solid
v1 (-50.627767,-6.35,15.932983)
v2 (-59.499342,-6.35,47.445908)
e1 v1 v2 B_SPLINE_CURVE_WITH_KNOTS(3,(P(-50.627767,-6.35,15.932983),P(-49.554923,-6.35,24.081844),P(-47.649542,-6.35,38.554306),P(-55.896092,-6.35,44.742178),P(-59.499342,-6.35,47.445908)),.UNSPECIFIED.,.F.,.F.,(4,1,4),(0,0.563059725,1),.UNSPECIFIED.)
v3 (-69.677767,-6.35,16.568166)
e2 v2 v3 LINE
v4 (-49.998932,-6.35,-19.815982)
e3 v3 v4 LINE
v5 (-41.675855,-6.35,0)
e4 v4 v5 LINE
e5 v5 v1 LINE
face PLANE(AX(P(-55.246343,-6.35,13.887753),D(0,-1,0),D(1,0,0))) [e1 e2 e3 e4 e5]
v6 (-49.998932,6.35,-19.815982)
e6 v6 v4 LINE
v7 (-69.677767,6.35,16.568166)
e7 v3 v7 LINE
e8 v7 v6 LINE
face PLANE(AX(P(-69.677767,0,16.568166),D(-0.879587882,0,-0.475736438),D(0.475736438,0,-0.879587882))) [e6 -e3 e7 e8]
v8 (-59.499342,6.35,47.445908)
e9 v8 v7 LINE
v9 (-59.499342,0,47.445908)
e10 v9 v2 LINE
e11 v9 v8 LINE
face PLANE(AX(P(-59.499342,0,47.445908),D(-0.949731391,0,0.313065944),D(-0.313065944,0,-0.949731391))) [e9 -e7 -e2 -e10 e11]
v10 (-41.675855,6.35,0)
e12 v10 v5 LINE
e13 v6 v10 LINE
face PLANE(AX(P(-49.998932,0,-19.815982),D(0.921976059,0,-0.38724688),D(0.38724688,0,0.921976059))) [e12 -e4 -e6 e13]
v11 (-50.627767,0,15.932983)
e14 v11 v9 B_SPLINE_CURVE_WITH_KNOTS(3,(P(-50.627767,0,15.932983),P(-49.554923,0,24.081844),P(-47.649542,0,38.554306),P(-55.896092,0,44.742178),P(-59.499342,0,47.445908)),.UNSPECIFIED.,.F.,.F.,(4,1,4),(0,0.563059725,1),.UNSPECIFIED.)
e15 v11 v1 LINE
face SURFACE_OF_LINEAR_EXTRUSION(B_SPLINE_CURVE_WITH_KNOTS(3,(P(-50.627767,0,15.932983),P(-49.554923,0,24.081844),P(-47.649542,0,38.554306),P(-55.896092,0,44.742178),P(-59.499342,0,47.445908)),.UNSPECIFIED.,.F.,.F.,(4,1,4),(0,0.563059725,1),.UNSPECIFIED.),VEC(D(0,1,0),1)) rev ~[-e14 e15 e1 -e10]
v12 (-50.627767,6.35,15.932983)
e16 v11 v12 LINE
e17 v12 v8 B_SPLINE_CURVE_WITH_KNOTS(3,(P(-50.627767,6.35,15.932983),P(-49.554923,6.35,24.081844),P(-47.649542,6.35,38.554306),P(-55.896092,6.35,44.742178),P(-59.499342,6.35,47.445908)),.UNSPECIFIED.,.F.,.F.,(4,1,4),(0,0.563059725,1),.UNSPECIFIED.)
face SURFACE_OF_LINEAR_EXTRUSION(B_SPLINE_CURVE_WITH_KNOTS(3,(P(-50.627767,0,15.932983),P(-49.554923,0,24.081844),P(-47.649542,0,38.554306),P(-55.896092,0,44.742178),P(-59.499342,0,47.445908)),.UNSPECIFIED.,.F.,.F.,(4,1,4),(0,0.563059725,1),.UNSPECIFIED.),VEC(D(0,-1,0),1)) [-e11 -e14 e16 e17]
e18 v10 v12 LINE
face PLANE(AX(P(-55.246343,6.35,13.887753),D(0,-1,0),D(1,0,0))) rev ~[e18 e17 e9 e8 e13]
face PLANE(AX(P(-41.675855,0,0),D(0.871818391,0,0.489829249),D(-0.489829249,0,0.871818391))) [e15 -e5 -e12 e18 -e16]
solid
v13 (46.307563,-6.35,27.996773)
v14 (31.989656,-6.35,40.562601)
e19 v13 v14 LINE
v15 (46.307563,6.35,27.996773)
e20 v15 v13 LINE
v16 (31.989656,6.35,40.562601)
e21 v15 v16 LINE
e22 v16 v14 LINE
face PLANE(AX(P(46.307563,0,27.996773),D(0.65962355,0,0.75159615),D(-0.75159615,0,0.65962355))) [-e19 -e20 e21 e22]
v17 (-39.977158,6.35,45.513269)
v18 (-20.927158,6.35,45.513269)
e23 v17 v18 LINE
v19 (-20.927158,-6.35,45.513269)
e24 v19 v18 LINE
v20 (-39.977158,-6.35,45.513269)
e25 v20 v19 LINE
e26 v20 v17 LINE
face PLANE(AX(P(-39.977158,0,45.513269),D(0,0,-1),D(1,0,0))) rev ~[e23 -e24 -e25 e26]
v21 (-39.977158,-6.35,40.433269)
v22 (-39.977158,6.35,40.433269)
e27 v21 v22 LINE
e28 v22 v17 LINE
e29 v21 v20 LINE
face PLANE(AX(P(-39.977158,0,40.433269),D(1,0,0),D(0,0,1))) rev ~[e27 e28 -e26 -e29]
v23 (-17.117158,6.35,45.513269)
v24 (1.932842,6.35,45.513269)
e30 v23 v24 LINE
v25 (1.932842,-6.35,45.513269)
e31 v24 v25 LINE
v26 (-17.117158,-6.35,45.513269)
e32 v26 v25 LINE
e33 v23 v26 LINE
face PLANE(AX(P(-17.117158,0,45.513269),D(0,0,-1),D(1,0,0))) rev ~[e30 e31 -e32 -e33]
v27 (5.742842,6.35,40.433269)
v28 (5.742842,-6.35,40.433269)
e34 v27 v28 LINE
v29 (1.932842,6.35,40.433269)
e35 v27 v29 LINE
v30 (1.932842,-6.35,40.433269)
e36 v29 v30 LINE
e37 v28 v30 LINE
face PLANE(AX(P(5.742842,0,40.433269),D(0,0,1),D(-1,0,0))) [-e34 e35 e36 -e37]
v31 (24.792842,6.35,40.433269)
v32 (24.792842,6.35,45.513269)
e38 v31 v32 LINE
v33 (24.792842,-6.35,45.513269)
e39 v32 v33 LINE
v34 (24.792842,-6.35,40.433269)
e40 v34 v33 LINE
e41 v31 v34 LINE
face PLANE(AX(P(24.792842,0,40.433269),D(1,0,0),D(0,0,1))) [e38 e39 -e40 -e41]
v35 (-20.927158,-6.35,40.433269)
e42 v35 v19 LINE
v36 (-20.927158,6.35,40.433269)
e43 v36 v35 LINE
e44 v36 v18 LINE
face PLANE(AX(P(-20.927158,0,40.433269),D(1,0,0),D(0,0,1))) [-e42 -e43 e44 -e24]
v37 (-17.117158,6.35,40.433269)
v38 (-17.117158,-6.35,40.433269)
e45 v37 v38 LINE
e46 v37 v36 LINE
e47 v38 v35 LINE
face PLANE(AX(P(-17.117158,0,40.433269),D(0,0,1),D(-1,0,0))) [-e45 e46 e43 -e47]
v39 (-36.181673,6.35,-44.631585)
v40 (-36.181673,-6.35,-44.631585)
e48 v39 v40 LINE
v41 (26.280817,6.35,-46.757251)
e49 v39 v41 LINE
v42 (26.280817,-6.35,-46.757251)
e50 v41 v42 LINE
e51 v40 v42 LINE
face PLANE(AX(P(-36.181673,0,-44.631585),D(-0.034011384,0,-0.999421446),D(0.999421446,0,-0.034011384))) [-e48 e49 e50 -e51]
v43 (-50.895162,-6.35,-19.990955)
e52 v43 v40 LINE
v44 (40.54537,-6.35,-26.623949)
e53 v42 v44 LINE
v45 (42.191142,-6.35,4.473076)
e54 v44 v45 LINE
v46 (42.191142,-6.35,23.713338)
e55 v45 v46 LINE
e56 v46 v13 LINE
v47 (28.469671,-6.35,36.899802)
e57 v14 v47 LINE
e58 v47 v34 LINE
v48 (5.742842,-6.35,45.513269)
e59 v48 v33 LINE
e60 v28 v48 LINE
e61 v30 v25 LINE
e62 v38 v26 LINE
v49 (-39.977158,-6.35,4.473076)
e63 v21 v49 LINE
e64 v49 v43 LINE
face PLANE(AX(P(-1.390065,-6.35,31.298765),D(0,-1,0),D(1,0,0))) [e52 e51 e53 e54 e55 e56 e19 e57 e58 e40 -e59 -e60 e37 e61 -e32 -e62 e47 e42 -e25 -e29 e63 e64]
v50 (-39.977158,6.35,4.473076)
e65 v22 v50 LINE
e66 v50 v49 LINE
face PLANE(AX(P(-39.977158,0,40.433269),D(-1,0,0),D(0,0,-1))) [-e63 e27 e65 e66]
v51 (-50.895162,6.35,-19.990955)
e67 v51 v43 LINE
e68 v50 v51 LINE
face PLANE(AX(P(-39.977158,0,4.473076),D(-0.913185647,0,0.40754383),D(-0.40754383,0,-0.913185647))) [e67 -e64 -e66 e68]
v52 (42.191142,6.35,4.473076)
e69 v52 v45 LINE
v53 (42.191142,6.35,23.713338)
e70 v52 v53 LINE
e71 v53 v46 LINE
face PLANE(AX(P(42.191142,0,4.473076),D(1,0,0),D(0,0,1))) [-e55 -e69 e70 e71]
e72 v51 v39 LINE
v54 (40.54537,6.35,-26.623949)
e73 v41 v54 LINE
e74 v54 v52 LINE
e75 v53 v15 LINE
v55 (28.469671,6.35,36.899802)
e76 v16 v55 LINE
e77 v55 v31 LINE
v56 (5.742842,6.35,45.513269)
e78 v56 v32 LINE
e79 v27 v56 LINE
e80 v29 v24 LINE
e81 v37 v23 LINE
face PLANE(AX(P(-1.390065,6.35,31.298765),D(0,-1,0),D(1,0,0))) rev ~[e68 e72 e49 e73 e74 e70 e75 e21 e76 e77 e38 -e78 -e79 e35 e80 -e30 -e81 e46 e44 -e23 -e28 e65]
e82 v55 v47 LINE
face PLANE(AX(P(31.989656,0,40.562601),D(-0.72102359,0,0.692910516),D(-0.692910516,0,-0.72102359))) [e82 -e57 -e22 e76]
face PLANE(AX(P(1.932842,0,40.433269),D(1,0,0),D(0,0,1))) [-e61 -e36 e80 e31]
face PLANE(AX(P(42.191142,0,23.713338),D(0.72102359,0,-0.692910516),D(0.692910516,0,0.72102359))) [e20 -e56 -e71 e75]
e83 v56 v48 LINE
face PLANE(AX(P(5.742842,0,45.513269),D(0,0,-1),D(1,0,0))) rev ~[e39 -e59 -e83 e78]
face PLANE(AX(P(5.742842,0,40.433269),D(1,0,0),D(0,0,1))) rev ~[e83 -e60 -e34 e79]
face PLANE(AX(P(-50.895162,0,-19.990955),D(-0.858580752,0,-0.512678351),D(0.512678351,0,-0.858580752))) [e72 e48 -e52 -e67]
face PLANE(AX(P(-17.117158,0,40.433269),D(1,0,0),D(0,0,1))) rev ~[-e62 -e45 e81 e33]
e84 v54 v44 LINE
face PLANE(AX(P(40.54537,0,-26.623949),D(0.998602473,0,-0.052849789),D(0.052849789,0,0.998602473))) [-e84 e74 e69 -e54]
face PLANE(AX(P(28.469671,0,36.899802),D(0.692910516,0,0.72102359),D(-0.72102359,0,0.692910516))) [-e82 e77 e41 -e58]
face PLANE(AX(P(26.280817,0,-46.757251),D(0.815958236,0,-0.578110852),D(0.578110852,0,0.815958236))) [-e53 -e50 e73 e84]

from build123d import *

# Parameters (mm, degrees)
F0_W     = 82.1682992279
F0_H     = 19.2402615459
F0_W_2   = 19.05
F0_H_2   = 5.08
F1_DEPTH = 6.35
F3_DEPTH = 6.35


with BuildPart() as f1:
    # F0 (on Front) → F1 (new body, symmetric)
    with BuildSketch(Plane.XZ):
        Polygon((-39.9771575426, 40.4332687695), (-39.9771575426, 23.7133380287), (42.1911416853, 23.7133380287), (28.4696710712, 36.8998015631), (24.7928424574, 40.4332687695), (5.7428424574, 40.4332687695), (1.9328424574, 40.4332687695), (-17.1171575426, 40.4332687695), (-20.9271575426, 40.4332687695), align=None)
        with Locations((1.1069920714, 14.0932072558)):
            Rectangle(F0_W, F0_H)
        Polygon((28.4696710712, 36.8998015631), (42.1911416853, 23.7133380287), (46.3075631456, 27.9967727764), (31.9896564904, 40.5626014006), align=None)
        Polygon((42.1911416853, 4.4730764828), (-39.9771575426, 4.4730764828), (40.5453704298, -26.6239494085), align=None)
        Polygon((40.5453704298, -26.6239494085), (-39.9771575426, 4.4730764828), (-50.8951619267, -19.9909545481), (-36.1816734076, -44.6315854788), (26.2808166444, -46.7572510242), align=None)
        with Locations((-30.4521575426, 42.9732687695)):
            Rectangle(F0_W_2, F0_H_2)
        with Locations((15.2678424574, 42.9732687695)):
            Rectangle(F0_W_2, F0_H_2)
        with Locations((-7.5921575426, 42.9732687695)):
            Rectangle(F0_W_2, F0_H_2)
    extrude(amount=F1_DEPTH, both=True)


with BuildPart() as f3:
    # F2 (on Front) → F3 (new body, symmetric)
    with BuildSketch(Plane.XZ):
        with BuildLine():
            Line((-69.6777667551, 16.5681660283), (-49.9989315758, -19.8159819271))
            Line((-49.9989315758, -19.8159819271), (-41.6758551755, 0))
            Line((-41.6758551755, 0), (-50.6277667551, 15.9329831097))
            add(Edge.make_bspline(
                [(-50.6277667551, 15.9329831097), (-49.5549233414, 24.0818436429), (-47.6495421422, 38.5543057529), (-55.8960921603, 44.7421777122), (-59.4993419945, 47.4459081888)],
                knots=[0, 0, 0, 0, 0.5630597248, 1, 1, 1, 1], degree=3))
            Line((-59.4993419945, 47.4459081888), (-69.6777667551, 16.5681660283))
        make_face()
    extrude(amount=F3_DEPTH, both=True)


solid = Compound([f1.part, f3.part])
